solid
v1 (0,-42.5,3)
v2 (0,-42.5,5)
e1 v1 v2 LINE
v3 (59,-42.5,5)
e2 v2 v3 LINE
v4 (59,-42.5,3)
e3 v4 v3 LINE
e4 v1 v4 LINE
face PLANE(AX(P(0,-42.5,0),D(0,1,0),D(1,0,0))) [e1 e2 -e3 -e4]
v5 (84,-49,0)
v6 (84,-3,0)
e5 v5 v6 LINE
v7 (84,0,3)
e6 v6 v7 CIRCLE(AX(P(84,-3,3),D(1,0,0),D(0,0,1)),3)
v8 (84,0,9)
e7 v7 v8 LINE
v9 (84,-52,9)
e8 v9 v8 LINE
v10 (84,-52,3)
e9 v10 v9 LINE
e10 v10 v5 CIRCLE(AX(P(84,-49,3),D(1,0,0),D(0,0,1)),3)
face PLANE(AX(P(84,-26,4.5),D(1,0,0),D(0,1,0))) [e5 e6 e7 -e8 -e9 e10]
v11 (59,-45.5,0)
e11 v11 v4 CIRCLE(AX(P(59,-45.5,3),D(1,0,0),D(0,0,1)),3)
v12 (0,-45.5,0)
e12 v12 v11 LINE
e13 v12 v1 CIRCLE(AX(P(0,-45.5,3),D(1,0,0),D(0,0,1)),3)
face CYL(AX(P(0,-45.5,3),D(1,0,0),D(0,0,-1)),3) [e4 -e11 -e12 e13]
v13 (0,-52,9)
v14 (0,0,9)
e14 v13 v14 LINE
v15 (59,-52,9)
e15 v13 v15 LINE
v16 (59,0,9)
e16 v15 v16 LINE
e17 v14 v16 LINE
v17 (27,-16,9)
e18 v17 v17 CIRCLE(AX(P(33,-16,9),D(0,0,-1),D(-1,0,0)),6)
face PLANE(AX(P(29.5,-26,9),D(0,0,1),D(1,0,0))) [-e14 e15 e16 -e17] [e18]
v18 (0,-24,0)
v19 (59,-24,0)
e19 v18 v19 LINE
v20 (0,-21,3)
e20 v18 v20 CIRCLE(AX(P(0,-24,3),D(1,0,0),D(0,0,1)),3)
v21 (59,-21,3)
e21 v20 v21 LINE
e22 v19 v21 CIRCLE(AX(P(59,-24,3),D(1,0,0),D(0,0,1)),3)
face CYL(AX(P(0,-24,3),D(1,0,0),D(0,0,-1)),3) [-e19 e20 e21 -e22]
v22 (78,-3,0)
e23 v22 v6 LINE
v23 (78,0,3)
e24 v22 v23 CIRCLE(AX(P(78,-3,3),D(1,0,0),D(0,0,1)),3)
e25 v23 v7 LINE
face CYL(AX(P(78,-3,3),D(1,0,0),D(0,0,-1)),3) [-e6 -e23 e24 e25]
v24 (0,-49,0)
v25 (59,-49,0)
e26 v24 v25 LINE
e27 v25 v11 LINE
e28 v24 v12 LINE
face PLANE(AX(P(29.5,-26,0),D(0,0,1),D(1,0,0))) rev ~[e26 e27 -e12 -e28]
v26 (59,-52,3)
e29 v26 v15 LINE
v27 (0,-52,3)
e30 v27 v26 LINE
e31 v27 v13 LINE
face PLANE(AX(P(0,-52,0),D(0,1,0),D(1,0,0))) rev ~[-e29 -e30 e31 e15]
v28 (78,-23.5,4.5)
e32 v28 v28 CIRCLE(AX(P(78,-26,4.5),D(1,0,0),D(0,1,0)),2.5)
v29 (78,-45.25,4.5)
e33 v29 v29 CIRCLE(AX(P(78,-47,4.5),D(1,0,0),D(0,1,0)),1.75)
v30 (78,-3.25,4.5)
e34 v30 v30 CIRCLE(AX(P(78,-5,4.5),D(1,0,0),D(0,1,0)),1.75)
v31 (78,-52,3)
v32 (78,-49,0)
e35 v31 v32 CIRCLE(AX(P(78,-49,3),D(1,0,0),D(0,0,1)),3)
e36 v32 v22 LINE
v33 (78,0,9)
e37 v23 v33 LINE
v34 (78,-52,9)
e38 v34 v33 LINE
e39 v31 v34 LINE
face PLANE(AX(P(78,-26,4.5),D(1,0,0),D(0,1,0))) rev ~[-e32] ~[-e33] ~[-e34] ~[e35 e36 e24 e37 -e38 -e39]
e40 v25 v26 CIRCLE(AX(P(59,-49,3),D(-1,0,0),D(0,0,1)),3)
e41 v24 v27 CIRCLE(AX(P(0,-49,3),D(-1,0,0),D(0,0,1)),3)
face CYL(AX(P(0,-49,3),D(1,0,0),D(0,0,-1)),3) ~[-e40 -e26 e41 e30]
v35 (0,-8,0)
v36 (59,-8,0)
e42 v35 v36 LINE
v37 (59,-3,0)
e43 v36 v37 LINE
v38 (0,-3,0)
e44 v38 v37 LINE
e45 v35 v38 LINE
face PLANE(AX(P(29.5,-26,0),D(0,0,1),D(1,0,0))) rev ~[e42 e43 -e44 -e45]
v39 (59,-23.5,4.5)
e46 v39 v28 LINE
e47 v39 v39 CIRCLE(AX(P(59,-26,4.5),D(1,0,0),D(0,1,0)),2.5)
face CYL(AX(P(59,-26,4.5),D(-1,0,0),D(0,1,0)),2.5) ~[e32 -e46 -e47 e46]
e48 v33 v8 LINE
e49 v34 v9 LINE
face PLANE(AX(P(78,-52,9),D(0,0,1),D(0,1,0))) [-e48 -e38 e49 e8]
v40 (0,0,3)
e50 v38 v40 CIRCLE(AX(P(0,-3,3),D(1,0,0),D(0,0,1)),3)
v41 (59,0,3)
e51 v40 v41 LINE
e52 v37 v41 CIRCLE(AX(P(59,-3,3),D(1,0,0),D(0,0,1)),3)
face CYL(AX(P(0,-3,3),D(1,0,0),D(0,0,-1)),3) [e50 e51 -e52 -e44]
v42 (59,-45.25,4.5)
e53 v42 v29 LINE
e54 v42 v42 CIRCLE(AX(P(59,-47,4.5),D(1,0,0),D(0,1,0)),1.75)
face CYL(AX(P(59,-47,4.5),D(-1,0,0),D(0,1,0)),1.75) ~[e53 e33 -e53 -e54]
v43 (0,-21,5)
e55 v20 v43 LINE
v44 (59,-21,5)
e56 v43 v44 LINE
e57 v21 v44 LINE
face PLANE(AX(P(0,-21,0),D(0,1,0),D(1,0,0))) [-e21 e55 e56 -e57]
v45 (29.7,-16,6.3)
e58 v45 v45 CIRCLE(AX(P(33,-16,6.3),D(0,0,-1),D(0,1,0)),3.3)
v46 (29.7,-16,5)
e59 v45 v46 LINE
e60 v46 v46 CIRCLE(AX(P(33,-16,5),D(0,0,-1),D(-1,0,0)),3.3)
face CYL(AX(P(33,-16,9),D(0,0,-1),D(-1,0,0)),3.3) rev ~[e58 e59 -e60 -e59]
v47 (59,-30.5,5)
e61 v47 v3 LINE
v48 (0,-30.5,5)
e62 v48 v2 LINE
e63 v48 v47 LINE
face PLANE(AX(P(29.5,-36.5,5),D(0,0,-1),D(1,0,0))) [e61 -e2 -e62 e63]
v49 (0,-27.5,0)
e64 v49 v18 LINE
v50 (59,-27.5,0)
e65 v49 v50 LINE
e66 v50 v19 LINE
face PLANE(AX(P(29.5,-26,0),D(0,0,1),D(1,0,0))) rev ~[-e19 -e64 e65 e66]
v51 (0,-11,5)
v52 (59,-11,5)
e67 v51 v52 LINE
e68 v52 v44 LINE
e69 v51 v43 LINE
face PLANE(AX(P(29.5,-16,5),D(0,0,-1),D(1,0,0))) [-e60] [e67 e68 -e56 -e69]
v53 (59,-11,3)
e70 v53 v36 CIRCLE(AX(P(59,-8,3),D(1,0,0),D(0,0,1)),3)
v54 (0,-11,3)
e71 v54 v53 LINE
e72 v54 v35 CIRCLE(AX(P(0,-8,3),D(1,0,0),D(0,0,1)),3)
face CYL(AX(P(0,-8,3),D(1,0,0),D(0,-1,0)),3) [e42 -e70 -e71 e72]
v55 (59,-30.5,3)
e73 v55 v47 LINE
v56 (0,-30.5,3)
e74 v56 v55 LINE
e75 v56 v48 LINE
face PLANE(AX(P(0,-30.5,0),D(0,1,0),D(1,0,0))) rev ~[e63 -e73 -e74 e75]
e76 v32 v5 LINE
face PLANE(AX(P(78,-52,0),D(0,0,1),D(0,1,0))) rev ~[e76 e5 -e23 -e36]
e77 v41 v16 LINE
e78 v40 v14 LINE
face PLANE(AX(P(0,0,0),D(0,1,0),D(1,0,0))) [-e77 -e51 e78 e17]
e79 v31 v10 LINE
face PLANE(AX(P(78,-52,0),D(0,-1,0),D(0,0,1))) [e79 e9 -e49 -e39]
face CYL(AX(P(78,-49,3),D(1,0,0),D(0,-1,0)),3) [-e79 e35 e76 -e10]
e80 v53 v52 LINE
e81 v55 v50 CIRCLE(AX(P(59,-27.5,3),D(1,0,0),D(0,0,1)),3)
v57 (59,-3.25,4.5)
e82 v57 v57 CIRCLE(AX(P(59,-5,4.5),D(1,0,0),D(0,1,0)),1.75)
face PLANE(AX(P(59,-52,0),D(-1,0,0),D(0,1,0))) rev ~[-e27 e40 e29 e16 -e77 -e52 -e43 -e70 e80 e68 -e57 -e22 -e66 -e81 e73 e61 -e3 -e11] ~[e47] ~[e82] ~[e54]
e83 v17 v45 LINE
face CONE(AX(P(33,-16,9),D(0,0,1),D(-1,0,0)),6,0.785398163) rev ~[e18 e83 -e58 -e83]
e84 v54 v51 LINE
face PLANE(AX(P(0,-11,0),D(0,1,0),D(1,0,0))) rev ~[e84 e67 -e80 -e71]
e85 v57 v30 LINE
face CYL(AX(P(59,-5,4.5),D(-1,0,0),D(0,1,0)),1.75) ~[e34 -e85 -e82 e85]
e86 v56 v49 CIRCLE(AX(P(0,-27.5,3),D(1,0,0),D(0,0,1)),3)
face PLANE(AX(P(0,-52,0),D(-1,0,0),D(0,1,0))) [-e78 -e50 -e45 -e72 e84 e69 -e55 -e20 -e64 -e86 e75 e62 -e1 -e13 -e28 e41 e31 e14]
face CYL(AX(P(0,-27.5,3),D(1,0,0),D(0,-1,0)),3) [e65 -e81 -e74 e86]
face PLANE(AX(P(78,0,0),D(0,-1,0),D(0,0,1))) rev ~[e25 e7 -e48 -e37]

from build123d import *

# Parameters (mm, degrees)
SKETCH_W         = 59
SKETCH_H         = 52
PAD_DEPTH        = 9
SKETCH001_R      = 1.75
SKETCH001_R_2    = 2.5
PAD001_DEPTH     = 19
SKETCH002_W      = 52
SKETCH002_H      = 9
PAD002_DEPTH     = 6
HOLE_D           = 6.6
HOLE_DEPTH       = 25
HOLE_CSINK_D     = 12
HOLE_CSINK_ANGLE = 90
SKETCH004_W      = 59
SKETCH004_H      = 10
SKETCH004_H_2    = 12
POCKET_DEPTH     = 5
FILLET_R         = 3


with BuildPart() as part:
    # Sketch → Pad (new body)
    with BuildSketch(Plane.XY):
        with Locations((29.5, -26)):
            Rectangle(SKETCH_W, SKETCH_H)
    extrude(amount=PAD_DEPTH)

    # Sketch001 (on Face2 of Pad) → Pad001 (join)
    with BuildSketch(Plane.YZ.offset(59)):
        with Locations((-47, 4.5)):
            Circle(SKETCH001_R)
        with Locations((-5, 4.5)):
            Circle(SKETCH001_R)
        with Locations((-26, 4.5)):
            Circle(SKETCH001_R_2)
    extrude(amount=PAD001_DEPTH)

    # Sketch002 (on Face12 of Pad001) → Pad002 (join)
    with BuildSketch(Plane.YZ.offset(78)):
        with Locations((-26, 4.5)):
            Rectangle(SKETCH002_W, SKETCH002_H)
    extrude(amount=PAD002_DEPTH)

    # Hole
    with Locations(Plane.XY.offset(9)):
        with Locations((33, -16)):
            CounterSinkHole(HOLE_D / 2, HOLE_CSINK_D / 2, depth=HOLE_DEPTH, counter_sink_angle=HOLE_CSINK_ANGLE)

    # Sketch004 (on Face12 of Hole) → Pocket (cut)
    with BuildSketch(Plane(origin=(0, 0, 0), x_dir=(1, 0, 0), z_dir=(0, 0, -1))):
        with Locations((29.5, 16)):
            Rectangle(SKETCH004_W, SKETCH004_H)
        with Locations((29.5, 36.5)):
            Rectangle(SKETCH004_W, SKETCH004_H_2)
    extrude(amount=-POCKET_DEPTH, mode=Mode.SUBTRACT)

    # Fillet
    fillet_edges = [part.edges().sort_by_distance(p)[0] for p in [
        (29.5, 0, 0),
        (81, 0, 0),
        (29.5, -11, 0),
        (29.5, -21, 0),
        (29.5, -30.5, 0),
        (29.5, -42.5, 0),
        (29.5, -52, 0),
        (81, -52, 0),
    ]]
    fillet(fillet_edges, radius=FILLET_R)


solid = part.part
